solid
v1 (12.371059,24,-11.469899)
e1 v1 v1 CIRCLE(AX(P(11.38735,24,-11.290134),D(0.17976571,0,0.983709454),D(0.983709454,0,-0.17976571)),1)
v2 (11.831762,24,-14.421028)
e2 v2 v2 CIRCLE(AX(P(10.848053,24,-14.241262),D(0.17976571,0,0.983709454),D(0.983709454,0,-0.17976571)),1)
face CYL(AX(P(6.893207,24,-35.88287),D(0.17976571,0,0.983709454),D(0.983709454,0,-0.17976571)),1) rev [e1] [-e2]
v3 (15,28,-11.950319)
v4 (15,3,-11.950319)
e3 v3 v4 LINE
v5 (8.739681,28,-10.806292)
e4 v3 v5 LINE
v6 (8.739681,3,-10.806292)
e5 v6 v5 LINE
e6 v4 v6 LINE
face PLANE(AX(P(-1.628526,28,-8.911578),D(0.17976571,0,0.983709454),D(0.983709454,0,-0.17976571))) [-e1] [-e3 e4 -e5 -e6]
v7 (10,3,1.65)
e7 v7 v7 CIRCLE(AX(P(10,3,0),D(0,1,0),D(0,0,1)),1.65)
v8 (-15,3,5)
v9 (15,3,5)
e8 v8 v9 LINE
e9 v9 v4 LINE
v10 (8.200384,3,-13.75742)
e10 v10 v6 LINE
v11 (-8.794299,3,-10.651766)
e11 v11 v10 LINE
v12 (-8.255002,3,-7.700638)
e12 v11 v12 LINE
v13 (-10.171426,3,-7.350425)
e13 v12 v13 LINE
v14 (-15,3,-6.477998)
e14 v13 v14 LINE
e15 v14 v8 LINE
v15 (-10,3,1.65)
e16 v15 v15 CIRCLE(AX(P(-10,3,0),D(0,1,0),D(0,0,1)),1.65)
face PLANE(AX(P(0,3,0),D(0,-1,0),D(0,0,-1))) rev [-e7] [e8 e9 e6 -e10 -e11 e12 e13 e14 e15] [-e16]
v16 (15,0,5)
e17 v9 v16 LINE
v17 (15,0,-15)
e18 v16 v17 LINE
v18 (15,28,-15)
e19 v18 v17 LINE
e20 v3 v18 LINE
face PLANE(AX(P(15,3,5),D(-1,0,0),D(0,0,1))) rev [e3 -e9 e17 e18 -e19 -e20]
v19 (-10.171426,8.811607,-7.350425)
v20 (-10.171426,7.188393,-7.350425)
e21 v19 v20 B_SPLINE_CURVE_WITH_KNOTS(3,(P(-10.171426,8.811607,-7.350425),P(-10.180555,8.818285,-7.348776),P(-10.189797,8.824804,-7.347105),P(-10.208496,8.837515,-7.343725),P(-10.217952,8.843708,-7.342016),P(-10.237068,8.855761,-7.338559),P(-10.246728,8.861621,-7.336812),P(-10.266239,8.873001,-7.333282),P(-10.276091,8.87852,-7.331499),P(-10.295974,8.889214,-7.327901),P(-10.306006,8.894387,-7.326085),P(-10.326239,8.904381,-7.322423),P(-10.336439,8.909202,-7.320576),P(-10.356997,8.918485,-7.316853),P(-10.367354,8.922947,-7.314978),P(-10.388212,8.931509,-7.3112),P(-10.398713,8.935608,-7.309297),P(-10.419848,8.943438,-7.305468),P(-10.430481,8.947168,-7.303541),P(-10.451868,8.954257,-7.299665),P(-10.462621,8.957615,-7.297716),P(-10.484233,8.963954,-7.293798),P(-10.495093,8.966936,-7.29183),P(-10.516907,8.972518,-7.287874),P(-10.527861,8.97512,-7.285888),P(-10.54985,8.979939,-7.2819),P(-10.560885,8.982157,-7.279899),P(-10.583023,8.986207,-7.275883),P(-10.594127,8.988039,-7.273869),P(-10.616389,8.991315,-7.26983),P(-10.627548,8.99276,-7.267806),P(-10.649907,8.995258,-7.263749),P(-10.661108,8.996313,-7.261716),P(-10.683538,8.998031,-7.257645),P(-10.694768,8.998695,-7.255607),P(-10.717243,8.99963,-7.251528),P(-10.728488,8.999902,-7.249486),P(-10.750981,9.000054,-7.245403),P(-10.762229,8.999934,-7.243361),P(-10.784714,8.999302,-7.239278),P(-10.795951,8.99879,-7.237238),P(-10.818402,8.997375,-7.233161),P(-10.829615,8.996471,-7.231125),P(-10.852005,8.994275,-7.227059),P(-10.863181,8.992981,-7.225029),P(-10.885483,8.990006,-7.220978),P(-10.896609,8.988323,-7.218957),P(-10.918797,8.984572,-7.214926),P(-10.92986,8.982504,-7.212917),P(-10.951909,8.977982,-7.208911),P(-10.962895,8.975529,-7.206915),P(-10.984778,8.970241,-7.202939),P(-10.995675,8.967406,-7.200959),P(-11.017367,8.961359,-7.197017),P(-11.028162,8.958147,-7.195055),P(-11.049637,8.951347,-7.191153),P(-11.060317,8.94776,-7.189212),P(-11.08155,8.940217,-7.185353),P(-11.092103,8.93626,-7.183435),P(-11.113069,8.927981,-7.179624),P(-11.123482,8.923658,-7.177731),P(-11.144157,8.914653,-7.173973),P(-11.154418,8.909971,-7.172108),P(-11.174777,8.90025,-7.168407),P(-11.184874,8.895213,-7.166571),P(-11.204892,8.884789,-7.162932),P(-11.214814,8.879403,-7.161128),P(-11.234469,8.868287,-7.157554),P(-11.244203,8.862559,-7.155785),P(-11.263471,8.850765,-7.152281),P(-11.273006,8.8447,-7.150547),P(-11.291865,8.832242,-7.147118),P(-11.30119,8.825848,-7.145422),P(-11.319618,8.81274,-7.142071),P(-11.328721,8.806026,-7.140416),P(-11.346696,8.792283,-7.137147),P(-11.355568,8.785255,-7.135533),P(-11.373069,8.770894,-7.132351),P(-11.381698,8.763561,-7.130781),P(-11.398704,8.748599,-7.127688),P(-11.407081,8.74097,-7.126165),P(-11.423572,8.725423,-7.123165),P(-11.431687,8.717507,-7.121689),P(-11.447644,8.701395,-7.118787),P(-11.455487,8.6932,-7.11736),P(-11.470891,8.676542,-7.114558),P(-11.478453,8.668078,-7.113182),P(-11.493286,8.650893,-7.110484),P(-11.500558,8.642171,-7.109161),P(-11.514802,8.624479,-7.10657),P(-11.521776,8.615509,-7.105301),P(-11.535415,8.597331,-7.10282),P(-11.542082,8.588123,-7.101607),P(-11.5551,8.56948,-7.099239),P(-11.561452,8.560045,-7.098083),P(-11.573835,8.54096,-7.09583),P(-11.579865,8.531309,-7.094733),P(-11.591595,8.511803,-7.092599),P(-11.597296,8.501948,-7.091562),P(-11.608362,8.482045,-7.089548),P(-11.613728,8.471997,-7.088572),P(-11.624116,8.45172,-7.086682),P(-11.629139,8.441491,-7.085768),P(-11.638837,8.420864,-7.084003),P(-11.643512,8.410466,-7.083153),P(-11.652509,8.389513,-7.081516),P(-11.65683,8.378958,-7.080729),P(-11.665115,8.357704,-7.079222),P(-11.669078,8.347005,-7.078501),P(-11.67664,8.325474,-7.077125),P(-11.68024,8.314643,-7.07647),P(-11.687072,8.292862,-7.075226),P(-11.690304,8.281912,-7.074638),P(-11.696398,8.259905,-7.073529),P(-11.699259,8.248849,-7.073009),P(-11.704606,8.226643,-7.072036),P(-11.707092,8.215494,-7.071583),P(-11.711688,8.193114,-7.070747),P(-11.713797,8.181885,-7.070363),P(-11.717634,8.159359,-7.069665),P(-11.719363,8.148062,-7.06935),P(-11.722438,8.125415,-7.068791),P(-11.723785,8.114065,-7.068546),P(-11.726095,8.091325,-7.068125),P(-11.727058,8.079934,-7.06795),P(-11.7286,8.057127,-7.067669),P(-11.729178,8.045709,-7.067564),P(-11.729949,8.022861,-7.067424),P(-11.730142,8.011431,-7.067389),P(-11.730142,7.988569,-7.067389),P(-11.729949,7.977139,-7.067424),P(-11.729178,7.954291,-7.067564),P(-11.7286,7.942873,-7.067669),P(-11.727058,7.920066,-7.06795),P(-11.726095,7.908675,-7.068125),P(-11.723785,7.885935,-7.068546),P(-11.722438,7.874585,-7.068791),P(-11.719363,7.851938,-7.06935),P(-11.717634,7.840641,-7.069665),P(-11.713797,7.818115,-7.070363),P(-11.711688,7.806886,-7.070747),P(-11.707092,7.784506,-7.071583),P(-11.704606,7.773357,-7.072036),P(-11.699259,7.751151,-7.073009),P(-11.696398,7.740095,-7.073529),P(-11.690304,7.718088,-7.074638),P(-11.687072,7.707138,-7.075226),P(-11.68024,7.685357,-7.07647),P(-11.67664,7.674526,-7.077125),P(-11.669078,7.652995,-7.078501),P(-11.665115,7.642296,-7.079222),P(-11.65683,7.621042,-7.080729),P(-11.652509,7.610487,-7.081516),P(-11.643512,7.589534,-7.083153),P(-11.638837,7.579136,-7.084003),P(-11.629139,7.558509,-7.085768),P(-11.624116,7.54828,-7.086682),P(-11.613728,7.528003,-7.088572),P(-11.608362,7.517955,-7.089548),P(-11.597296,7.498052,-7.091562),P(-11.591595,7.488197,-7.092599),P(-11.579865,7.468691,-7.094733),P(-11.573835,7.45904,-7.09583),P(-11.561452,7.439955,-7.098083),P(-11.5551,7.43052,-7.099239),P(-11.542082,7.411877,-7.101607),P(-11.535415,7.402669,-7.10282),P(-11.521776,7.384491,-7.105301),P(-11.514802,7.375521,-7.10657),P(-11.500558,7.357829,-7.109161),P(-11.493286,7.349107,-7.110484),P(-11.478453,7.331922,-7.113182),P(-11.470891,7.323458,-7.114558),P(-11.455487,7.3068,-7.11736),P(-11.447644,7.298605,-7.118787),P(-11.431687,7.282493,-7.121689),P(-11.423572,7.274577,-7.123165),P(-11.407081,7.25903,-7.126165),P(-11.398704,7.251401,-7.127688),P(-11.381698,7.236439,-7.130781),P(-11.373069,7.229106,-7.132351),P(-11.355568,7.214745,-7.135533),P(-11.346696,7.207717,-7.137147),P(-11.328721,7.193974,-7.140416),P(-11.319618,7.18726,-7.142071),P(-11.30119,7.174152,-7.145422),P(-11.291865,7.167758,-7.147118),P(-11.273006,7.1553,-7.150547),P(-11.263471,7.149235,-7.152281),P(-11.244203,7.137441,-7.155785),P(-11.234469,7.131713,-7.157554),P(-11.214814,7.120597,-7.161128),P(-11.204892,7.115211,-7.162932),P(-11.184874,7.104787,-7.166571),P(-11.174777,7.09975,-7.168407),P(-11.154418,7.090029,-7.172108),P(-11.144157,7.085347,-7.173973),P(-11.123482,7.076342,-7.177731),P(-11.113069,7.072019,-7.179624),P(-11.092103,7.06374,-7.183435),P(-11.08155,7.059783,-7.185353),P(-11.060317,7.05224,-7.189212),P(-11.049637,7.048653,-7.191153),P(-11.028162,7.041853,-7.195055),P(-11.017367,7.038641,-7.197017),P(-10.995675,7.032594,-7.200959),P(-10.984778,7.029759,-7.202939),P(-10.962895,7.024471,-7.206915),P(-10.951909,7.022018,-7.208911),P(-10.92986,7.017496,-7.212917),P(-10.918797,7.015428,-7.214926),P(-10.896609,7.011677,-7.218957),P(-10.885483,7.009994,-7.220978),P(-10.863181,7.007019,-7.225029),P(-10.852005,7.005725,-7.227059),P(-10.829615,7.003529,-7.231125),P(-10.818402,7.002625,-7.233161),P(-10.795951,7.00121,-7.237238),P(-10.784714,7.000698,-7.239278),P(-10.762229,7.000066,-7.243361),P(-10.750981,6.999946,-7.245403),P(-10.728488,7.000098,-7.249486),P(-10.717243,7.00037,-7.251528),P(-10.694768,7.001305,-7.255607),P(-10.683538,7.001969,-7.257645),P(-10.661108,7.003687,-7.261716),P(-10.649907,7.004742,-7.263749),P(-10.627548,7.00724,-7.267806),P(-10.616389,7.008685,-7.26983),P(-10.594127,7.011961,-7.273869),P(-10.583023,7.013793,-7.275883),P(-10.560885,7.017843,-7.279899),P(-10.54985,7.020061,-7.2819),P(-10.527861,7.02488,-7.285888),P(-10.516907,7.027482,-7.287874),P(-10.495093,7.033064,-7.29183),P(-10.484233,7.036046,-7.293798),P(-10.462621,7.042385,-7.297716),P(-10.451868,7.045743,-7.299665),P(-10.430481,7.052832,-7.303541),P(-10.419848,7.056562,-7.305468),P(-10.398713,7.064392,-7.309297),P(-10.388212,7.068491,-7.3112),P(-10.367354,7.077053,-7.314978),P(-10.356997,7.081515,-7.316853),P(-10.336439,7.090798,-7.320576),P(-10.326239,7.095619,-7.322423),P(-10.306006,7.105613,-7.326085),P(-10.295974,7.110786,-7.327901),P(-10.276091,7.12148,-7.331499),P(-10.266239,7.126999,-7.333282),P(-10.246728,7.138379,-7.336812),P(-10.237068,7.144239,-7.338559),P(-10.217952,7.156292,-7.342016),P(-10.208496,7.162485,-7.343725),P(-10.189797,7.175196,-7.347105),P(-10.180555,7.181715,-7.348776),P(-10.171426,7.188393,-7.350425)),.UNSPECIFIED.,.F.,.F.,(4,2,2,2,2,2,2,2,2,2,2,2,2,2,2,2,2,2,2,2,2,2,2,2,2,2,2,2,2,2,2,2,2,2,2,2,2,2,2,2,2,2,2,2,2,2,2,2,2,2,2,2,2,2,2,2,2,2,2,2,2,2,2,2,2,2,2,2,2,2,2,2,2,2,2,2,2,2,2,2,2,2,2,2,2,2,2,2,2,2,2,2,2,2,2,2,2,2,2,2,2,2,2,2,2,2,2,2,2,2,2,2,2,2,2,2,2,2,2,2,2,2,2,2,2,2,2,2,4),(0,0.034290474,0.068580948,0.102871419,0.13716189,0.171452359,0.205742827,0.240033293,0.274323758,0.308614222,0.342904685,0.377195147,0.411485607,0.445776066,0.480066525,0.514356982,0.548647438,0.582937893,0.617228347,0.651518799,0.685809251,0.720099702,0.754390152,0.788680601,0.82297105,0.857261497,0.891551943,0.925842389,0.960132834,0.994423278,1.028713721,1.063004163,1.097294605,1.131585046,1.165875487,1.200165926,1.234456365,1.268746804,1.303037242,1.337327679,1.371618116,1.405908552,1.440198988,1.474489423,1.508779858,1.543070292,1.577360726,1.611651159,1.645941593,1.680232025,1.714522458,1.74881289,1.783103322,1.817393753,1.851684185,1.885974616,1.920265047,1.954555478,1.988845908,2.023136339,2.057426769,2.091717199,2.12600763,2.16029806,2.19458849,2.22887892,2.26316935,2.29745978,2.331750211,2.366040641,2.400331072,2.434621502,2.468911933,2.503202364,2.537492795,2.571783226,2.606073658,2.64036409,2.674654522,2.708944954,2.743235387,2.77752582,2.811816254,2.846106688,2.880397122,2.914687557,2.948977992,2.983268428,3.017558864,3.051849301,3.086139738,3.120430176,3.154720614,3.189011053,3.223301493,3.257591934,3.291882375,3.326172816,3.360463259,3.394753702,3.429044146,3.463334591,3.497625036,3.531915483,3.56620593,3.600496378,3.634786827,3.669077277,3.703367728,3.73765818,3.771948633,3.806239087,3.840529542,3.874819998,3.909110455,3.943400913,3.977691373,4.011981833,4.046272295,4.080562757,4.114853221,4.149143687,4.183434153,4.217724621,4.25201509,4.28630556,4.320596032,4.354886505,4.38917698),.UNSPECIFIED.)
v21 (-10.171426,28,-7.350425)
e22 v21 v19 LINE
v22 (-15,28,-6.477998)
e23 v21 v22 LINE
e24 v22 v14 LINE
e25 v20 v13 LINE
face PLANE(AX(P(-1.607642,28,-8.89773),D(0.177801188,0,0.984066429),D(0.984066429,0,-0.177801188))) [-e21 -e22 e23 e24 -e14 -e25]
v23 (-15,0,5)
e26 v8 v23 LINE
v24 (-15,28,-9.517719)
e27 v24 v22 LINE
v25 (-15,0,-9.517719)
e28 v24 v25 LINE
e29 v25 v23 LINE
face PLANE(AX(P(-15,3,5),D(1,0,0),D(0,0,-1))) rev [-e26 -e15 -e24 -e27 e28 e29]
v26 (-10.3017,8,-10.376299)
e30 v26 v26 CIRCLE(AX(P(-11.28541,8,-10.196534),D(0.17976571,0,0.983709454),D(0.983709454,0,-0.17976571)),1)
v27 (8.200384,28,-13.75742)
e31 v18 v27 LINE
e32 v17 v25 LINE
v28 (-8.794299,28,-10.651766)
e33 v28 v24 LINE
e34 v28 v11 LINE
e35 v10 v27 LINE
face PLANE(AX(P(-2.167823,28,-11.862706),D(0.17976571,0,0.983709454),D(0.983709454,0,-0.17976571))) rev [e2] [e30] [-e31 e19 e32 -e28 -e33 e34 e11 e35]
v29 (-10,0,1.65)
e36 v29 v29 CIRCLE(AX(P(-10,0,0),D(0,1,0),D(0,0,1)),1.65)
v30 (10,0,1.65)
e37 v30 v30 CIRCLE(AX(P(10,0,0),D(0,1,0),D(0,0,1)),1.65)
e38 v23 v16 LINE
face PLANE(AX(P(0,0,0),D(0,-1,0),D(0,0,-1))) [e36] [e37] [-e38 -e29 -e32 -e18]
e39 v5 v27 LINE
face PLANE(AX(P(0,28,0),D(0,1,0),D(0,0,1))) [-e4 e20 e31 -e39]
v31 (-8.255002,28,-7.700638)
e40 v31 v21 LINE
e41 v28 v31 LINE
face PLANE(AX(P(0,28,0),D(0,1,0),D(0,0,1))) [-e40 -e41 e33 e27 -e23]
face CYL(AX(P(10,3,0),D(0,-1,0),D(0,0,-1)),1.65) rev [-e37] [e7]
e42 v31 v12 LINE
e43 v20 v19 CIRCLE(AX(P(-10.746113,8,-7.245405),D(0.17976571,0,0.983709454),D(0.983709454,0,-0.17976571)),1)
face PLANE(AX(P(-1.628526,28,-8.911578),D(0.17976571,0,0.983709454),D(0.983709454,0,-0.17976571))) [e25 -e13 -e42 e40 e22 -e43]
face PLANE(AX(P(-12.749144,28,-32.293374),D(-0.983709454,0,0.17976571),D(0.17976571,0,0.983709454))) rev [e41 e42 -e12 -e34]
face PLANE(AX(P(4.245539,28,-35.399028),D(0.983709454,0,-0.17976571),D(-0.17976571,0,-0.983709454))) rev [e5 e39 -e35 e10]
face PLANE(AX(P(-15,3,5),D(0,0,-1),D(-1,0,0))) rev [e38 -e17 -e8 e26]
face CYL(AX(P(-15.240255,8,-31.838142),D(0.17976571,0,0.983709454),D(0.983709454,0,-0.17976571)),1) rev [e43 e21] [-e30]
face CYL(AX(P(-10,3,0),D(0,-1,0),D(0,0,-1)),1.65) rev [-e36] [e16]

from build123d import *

# Parameters (mm, degrees)
SKETCH1_W      = 30
SKETCH1_H      = 20
SKETCH1_R      = 1.65
EXTRUDE1_DEPTH = 3
EXTRUDE2_DEPTH = 25
EXTRUDE3_DEPTH = 25
SKETCH5_R      = 1
SKETCH5_W      = 17.276120282
SKETCH5_H      = 25
EXTRUDE4_DEPTH = 25


with BuildPart() as part:
    # Sketch1 → Extrude1 (new body)
    with BuildSketch(Plane(origin=(0, 0, 0), x_dir=(1, 0, 0), z_dir=(0, 1, 0))):
        with Locations((0, 5)):
            Rectangle(SKETCH1_W, SKETCH1_H)
        with Locations(Location((10, 0, 0), (0, 0, 270))):
            Circle(SKETCH1_R, mode=Mode.SUBTRACT)
        with Locations(Location((-10, 0, 0), (0, 0, 270))):
            Circle(SKETCH1_R, mode=Mode.SUBTRACT)
    extrude(amount=EXTRUDE1_DEPTH)

    # Sketch3 → Extrude2 (add)
    with BuildSketch(Plane(origin=(0, 3, 0), x_dir=(1, 0, 0), z_dir=(0, 1, 0))):
        Polygon((15, 11.950319031), (15, 15), (-15, 9.517719352), (-14.462267947, 6.575155369), (-10.171425839, 7.350425006), align=None)
        Polygon((-14.462267947, 6.575155369), (-15, 9.517719352), (-15, 6.477997906), align=None)
    extrude(amount=EXTRUDE2_DEPTH)

    # Sketch4 → Extrude3 (cut)
    with BuildSketch(Plane(origin=(0, 3, 0), x_dir=(1, 0, 0), z_dir=(0, 1, 0))):
        Polygon((-15, 9.517719352), (-15, 15), (15, 15), align=None)
    extrude(amount=-EXTRUDE3_DEPTH, mode=Mode.SUBTRACT)

    # Sketch5 → Extrude4 (cut)
    with BuildSketch(Plane(origin=(-1.628525639, 0, -8.911577554), x_dir=(0.9837094537947668, 0, -0.1797657100639655), z_dir=(0.1797657100639655, 0, 0.9837094537947668))):
        with Locations((-9.26857722, 8)):
            Circle(SKETCH5_R)
        with Locations((13.23142278, 24)):
            Circle(SKETCH5_R)
        with Locations((1.901847648, 15.5)):
            Rectangle(SKETCH5_W, SKETCH5_H)
    extrude(amount=-EXTRUDE4_DEPTH, mode=Mode.SUBTRACT)


solid = part.part
